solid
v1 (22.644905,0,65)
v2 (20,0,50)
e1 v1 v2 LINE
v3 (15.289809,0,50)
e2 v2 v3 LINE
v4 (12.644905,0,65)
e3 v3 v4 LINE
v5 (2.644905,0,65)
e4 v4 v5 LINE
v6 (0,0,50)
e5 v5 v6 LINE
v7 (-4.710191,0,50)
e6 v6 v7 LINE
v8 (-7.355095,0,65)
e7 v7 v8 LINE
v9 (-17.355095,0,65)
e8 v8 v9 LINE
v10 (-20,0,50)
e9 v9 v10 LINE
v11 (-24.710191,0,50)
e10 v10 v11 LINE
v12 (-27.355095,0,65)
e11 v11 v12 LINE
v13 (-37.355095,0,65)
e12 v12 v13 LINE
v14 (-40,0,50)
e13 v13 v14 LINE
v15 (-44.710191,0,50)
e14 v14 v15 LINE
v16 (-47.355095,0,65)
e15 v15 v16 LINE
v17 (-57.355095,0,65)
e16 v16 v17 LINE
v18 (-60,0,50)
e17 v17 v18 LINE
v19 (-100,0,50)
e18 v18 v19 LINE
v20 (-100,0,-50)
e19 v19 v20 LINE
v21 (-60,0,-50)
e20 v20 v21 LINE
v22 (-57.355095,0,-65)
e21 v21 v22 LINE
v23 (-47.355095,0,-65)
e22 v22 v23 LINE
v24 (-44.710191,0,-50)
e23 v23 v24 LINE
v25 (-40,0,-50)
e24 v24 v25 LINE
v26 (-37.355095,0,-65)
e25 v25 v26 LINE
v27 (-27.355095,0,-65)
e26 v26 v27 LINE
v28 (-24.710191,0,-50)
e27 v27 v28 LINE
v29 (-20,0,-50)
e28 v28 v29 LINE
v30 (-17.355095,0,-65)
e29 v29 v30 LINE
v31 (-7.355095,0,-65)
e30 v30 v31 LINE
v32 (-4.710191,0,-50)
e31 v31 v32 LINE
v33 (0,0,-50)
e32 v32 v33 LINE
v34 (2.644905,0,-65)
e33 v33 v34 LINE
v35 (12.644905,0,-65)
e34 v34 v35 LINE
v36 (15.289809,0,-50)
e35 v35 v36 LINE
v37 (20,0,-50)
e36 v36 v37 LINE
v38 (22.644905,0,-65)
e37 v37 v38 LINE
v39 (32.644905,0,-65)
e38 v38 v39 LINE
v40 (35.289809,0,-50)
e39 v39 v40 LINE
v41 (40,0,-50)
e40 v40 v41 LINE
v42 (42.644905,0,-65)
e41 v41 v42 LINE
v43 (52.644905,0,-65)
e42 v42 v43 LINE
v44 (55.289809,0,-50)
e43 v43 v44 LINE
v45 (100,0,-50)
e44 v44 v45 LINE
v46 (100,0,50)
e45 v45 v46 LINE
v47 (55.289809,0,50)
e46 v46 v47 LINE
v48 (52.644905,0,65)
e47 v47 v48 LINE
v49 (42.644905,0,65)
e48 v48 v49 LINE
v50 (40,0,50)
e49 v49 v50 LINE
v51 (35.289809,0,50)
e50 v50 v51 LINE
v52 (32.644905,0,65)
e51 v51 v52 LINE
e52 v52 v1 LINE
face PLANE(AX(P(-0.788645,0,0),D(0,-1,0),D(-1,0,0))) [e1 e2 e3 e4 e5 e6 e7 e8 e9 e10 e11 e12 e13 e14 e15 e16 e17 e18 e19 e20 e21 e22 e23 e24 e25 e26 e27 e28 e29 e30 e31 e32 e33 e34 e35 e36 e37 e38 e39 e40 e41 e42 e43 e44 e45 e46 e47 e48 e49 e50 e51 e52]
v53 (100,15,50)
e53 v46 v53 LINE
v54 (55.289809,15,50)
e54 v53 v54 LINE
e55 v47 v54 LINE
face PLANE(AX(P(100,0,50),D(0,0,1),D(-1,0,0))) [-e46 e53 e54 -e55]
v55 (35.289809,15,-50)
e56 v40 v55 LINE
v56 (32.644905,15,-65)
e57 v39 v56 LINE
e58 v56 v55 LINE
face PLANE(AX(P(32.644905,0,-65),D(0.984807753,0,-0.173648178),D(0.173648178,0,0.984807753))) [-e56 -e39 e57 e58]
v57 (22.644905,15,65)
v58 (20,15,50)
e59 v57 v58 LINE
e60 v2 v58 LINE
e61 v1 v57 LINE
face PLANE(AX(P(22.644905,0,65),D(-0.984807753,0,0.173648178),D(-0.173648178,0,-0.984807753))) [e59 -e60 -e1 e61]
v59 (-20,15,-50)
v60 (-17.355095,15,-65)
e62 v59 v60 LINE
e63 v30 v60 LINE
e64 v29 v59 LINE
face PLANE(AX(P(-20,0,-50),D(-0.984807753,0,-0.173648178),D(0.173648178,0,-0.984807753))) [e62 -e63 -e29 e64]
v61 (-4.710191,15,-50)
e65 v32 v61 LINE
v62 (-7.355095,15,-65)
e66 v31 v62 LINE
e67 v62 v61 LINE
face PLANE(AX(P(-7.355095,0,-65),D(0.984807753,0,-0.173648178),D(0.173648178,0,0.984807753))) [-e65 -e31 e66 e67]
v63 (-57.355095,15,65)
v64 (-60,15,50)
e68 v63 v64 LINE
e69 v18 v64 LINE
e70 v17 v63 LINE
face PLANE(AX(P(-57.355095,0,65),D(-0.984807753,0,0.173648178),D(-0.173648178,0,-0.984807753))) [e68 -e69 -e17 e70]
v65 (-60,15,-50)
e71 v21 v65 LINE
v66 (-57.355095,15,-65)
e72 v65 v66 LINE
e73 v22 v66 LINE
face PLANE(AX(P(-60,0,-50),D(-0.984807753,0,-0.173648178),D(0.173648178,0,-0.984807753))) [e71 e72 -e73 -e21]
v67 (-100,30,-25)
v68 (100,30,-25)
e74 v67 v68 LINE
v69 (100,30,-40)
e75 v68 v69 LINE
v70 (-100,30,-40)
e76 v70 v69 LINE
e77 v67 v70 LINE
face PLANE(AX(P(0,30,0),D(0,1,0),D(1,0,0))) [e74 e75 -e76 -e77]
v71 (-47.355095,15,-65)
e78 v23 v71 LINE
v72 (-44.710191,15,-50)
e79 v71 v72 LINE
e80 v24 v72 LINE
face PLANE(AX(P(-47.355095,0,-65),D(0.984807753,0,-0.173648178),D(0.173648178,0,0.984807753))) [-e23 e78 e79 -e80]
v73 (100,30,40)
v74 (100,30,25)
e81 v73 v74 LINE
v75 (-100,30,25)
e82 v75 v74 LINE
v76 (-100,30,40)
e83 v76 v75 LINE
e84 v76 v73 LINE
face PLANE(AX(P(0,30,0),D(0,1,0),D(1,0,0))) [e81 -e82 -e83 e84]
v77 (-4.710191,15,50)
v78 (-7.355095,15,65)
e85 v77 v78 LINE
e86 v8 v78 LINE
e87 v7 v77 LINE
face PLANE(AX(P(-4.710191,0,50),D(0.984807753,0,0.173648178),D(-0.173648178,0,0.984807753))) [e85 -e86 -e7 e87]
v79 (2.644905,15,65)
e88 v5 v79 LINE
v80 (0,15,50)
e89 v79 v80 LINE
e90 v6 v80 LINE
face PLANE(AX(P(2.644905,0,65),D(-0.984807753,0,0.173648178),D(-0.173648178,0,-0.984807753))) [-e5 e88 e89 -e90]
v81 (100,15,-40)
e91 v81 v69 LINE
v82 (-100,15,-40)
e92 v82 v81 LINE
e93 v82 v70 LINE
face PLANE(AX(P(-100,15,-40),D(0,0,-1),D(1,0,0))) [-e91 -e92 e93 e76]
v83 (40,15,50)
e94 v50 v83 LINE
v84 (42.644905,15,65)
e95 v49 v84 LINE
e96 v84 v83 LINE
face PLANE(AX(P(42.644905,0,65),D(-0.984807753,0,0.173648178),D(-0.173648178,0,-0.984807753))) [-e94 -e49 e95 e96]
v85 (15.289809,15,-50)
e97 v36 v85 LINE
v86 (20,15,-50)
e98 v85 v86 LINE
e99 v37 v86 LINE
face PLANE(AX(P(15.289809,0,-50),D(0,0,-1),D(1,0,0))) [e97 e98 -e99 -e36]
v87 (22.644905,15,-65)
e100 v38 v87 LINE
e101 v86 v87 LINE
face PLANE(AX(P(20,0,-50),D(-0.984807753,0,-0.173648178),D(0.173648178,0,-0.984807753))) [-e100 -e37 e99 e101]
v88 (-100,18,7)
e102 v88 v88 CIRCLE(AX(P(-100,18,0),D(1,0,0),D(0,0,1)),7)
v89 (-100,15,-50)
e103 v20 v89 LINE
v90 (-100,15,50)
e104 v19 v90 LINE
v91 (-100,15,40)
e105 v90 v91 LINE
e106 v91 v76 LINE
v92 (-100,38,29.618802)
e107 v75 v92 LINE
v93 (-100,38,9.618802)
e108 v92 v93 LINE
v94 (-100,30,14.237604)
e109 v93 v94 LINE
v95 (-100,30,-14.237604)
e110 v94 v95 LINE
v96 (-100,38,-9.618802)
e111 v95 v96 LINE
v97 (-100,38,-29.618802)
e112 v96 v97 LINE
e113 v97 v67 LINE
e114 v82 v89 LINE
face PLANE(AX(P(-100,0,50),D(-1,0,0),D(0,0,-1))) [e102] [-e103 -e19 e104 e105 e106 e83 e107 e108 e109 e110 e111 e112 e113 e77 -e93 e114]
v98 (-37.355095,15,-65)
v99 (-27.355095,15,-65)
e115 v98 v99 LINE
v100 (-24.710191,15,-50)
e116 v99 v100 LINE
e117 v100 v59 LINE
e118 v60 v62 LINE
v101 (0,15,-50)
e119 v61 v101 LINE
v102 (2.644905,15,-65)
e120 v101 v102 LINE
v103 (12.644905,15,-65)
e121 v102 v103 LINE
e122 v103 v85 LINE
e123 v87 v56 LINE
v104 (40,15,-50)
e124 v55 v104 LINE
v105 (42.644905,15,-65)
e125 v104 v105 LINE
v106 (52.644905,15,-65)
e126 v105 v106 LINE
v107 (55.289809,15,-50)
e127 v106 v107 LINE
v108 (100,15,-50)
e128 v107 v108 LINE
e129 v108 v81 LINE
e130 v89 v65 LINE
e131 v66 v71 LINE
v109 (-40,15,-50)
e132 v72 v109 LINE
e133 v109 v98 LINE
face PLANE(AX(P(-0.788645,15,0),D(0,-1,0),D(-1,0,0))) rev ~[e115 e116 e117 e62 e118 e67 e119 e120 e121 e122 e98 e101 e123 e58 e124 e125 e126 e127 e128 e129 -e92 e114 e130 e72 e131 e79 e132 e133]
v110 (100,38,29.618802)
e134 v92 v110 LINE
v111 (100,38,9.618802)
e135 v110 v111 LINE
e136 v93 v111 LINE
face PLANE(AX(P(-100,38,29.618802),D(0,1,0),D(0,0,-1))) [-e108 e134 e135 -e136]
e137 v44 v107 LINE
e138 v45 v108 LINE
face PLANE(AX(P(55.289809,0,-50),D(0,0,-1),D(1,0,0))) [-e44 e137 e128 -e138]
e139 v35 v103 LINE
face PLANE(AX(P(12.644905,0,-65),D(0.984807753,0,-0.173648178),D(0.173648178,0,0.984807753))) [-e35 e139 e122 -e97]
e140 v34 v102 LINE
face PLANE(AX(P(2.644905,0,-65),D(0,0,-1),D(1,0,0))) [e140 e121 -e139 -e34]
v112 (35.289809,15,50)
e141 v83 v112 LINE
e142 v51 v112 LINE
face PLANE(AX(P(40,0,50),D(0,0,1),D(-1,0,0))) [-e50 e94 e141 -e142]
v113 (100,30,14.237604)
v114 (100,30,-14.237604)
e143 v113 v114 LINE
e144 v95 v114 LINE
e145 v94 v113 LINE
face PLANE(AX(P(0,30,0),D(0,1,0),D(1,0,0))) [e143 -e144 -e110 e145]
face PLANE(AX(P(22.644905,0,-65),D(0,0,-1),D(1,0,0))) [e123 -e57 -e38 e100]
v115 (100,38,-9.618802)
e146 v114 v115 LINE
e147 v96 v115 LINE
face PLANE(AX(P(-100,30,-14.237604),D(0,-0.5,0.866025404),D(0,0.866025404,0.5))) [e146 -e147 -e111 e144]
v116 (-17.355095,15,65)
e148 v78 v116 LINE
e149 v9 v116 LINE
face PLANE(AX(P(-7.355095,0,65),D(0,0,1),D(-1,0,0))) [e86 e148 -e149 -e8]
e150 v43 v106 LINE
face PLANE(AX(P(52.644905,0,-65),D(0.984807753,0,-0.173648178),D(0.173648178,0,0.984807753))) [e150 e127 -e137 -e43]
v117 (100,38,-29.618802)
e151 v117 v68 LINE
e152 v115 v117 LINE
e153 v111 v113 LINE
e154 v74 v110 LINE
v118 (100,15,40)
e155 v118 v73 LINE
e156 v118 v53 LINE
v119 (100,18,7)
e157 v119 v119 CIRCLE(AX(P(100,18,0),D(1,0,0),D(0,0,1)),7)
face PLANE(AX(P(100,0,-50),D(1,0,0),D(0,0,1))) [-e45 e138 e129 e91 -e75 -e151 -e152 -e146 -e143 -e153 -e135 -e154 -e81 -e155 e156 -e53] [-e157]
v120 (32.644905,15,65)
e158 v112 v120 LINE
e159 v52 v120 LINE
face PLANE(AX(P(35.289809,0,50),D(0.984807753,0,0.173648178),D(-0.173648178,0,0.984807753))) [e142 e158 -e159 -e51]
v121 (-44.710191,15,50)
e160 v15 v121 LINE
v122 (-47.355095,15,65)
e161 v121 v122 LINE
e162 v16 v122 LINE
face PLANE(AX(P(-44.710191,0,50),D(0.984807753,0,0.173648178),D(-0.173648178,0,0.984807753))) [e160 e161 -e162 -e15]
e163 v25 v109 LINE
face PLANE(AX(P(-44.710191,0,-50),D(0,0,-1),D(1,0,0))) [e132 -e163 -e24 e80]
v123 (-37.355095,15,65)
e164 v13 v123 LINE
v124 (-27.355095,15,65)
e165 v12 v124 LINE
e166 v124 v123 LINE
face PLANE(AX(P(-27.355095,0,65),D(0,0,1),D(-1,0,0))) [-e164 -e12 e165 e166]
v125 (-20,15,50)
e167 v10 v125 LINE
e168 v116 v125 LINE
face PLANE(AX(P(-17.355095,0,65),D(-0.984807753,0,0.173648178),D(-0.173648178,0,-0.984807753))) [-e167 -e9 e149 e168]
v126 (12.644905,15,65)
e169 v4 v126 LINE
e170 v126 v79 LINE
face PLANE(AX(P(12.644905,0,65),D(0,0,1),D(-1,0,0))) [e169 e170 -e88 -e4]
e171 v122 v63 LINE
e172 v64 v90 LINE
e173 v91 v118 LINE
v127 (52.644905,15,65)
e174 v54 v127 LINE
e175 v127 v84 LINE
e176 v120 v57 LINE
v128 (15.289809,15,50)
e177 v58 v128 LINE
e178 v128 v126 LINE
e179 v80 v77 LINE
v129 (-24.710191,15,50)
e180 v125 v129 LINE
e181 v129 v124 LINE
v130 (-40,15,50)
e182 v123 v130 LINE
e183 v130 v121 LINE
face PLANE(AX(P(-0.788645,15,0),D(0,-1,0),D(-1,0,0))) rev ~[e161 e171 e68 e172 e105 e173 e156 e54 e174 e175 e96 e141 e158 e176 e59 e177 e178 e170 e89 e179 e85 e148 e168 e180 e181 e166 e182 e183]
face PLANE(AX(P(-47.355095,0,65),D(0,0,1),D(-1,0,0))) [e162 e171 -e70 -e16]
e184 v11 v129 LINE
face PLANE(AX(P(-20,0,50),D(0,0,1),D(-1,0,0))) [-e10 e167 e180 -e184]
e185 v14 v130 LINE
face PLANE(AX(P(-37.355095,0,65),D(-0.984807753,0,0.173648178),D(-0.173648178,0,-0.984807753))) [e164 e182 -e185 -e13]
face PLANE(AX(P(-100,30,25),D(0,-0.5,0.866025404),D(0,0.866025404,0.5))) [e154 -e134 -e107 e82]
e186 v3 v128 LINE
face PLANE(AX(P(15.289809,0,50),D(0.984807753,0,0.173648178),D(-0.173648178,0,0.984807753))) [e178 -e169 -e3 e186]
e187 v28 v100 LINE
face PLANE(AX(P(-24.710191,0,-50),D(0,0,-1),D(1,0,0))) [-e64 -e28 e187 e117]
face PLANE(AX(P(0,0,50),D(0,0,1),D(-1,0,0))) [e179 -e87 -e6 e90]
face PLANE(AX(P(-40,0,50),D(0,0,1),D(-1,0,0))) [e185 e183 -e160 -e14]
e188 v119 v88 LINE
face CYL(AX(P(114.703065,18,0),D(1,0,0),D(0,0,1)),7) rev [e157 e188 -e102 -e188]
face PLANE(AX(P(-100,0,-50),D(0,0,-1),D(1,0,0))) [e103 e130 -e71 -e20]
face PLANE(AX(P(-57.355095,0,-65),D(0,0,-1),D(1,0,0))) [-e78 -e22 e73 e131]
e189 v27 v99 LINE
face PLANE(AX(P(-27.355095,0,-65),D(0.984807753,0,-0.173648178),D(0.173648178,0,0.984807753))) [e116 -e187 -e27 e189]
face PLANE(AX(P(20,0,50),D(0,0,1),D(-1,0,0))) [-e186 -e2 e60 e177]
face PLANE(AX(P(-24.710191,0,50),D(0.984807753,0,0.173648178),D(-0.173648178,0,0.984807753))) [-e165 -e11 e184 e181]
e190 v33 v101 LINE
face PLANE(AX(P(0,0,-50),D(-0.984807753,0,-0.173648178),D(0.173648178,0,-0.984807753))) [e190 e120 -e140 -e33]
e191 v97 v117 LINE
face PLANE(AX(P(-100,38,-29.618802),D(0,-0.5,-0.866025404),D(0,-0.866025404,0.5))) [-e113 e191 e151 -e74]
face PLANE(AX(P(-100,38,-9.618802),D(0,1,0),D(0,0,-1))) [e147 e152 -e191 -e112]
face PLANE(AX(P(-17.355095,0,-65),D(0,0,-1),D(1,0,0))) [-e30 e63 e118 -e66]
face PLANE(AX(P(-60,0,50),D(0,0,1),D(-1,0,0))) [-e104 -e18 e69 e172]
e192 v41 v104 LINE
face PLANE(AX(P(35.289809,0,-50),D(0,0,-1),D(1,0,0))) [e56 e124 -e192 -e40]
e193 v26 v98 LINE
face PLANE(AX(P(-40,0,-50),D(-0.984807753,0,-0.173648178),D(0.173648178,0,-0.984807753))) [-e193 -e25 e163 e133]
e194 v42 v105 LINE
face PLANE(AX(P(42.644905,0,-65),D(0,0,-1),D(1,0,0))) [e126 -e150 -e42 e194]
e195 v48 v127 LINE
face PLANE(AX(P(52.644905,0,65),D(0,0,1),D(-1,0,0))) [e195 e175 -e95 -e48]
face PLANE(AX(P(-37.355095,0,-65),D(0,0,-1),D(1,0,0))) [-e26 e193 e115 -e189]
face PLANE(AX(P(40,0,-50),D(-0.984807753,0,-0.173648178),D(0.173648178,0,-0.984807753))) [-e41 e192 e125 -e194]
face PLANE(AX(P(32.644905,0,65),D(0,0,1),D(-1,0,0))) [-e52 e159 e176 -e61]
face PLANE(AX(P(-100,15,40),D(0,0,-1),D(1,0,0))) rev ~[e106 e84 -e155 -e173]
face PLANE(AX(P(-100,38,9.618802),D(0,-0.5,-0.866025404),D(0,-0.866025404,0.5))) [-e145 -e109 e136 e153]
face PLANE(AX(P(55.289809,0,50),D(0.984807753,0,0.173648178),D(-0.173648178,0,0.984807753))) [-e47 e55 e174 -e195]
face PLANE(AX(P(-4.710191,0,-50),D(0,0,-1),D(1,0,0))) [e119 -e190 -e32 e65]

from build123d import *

# Parameters (mm, degrees)
BOSS_EXTRUDE1_DEPTH     = 15
SKETCH2_W               = 200
SKETCH2_H               = 80
BOSS_EXTRUDE2_DEPTH     = 15
BOSS_EXTRUDE3_DEPTH     = 200
CUT_EXTRUDE1_DEPTH      = 214.703065022
CUT_EXTRUDE1_DEPTH_BACK = 214.703065022
SKETCH4_R               = 7


with BuildPart() as part:
    # Sketch1 → Boss-Extrude1 (new body)
    with BuildSketch(Plane(origin=(0, 0, 0), x_dir=(1, 0, 0), z_dir=(0, 1, 0))):
        Polygon((-60, 50), (-57.355095289, 65), (-47.355095289, 65), (-44.710190579, 50), (-40, 50), (-37.355095289, 65), (-27.355095289, 65), (-24.710190579, 50), (-20, 50), (-17.355095289, 65), (-7.355095289, 65), (-4.710190579, 50), (0, 50), (2.644904711, 65), (12.644904711, 65), (15.289809421, 50), (20, 50), (22.644904711, 65), (32.644904711, 65), (35.289809421, 50), (40, 50), (42.644904711, 65), (52.644904711, 65), (55.289809421, 50), (100, 50), (100, -50), (55.289809421, -50), (52.644904711, -65), (42.644904711, -65), (40, -50), (35.289809421, -50), (32.644904711, -65), (22.644904711, -65), (20, -50), (15.289809421, -50), (12.644904711, -65), (2.644904711, -65), (0, -50), (-4.710190579, -50), (-7.355095289, -65), (-17.355095289, -65), (-20, -50), (-24.710190579, -50), (-27.355095289, -65), (-37.355095289, -65), (-40, -50), (-44.710190579, -50), (-47.355095289, -65), (-57.355095289, -65), (-60, -50), (-100, -50), (-100, 50), align=None)
    extrude(amount=BOSS_EXTRUDE1_DEPTH)

    # Sketch2 → Boss-Extrude2 (add)
    with BuildSketch(Plane(origin=(0, 15, 0), x_dir=(1, 0, 0), z_dir=(0, 1, 0))):
        Rectangle(SKETCH2_W, SKETCH2_H)
    extrude(amount=BOSS_EXTRUDE2_DEPTH)

    # Sketch3 → Boss-Extrude3 (add)
    with BuildSketch(Plane.ZY.offset(100)):
        Polygon((25, 30), (29.618802154, 38), (9.618802154, 38), (14.237604307, 30), align=None)
        Polygon((-25, 30), (-14.237604307, 30), (-9.618802154, 38), (-29.618802154, 38), align=None)
    extrude(amount=-BOSS_EXTRUDE3_DEPTH)

    # Sketch4 → Cut-Extrude1 (cut, two sides: drawn at the far end of the back side and taken through both)
    with BuildSketch(Plane.ZY.offset(100).offset(-CUT_EXTRUDE1_DEPTH_BACK)):
        with Locations((0, 18)):
            Circle(SKETCH4_R)
    extrude(amount=CUT_EXTRUDE1_DEPTH + CUT_EXTRUDE1_DEPTH_BACK, mode=Mode.SUBTRACT)


solid = part.part
